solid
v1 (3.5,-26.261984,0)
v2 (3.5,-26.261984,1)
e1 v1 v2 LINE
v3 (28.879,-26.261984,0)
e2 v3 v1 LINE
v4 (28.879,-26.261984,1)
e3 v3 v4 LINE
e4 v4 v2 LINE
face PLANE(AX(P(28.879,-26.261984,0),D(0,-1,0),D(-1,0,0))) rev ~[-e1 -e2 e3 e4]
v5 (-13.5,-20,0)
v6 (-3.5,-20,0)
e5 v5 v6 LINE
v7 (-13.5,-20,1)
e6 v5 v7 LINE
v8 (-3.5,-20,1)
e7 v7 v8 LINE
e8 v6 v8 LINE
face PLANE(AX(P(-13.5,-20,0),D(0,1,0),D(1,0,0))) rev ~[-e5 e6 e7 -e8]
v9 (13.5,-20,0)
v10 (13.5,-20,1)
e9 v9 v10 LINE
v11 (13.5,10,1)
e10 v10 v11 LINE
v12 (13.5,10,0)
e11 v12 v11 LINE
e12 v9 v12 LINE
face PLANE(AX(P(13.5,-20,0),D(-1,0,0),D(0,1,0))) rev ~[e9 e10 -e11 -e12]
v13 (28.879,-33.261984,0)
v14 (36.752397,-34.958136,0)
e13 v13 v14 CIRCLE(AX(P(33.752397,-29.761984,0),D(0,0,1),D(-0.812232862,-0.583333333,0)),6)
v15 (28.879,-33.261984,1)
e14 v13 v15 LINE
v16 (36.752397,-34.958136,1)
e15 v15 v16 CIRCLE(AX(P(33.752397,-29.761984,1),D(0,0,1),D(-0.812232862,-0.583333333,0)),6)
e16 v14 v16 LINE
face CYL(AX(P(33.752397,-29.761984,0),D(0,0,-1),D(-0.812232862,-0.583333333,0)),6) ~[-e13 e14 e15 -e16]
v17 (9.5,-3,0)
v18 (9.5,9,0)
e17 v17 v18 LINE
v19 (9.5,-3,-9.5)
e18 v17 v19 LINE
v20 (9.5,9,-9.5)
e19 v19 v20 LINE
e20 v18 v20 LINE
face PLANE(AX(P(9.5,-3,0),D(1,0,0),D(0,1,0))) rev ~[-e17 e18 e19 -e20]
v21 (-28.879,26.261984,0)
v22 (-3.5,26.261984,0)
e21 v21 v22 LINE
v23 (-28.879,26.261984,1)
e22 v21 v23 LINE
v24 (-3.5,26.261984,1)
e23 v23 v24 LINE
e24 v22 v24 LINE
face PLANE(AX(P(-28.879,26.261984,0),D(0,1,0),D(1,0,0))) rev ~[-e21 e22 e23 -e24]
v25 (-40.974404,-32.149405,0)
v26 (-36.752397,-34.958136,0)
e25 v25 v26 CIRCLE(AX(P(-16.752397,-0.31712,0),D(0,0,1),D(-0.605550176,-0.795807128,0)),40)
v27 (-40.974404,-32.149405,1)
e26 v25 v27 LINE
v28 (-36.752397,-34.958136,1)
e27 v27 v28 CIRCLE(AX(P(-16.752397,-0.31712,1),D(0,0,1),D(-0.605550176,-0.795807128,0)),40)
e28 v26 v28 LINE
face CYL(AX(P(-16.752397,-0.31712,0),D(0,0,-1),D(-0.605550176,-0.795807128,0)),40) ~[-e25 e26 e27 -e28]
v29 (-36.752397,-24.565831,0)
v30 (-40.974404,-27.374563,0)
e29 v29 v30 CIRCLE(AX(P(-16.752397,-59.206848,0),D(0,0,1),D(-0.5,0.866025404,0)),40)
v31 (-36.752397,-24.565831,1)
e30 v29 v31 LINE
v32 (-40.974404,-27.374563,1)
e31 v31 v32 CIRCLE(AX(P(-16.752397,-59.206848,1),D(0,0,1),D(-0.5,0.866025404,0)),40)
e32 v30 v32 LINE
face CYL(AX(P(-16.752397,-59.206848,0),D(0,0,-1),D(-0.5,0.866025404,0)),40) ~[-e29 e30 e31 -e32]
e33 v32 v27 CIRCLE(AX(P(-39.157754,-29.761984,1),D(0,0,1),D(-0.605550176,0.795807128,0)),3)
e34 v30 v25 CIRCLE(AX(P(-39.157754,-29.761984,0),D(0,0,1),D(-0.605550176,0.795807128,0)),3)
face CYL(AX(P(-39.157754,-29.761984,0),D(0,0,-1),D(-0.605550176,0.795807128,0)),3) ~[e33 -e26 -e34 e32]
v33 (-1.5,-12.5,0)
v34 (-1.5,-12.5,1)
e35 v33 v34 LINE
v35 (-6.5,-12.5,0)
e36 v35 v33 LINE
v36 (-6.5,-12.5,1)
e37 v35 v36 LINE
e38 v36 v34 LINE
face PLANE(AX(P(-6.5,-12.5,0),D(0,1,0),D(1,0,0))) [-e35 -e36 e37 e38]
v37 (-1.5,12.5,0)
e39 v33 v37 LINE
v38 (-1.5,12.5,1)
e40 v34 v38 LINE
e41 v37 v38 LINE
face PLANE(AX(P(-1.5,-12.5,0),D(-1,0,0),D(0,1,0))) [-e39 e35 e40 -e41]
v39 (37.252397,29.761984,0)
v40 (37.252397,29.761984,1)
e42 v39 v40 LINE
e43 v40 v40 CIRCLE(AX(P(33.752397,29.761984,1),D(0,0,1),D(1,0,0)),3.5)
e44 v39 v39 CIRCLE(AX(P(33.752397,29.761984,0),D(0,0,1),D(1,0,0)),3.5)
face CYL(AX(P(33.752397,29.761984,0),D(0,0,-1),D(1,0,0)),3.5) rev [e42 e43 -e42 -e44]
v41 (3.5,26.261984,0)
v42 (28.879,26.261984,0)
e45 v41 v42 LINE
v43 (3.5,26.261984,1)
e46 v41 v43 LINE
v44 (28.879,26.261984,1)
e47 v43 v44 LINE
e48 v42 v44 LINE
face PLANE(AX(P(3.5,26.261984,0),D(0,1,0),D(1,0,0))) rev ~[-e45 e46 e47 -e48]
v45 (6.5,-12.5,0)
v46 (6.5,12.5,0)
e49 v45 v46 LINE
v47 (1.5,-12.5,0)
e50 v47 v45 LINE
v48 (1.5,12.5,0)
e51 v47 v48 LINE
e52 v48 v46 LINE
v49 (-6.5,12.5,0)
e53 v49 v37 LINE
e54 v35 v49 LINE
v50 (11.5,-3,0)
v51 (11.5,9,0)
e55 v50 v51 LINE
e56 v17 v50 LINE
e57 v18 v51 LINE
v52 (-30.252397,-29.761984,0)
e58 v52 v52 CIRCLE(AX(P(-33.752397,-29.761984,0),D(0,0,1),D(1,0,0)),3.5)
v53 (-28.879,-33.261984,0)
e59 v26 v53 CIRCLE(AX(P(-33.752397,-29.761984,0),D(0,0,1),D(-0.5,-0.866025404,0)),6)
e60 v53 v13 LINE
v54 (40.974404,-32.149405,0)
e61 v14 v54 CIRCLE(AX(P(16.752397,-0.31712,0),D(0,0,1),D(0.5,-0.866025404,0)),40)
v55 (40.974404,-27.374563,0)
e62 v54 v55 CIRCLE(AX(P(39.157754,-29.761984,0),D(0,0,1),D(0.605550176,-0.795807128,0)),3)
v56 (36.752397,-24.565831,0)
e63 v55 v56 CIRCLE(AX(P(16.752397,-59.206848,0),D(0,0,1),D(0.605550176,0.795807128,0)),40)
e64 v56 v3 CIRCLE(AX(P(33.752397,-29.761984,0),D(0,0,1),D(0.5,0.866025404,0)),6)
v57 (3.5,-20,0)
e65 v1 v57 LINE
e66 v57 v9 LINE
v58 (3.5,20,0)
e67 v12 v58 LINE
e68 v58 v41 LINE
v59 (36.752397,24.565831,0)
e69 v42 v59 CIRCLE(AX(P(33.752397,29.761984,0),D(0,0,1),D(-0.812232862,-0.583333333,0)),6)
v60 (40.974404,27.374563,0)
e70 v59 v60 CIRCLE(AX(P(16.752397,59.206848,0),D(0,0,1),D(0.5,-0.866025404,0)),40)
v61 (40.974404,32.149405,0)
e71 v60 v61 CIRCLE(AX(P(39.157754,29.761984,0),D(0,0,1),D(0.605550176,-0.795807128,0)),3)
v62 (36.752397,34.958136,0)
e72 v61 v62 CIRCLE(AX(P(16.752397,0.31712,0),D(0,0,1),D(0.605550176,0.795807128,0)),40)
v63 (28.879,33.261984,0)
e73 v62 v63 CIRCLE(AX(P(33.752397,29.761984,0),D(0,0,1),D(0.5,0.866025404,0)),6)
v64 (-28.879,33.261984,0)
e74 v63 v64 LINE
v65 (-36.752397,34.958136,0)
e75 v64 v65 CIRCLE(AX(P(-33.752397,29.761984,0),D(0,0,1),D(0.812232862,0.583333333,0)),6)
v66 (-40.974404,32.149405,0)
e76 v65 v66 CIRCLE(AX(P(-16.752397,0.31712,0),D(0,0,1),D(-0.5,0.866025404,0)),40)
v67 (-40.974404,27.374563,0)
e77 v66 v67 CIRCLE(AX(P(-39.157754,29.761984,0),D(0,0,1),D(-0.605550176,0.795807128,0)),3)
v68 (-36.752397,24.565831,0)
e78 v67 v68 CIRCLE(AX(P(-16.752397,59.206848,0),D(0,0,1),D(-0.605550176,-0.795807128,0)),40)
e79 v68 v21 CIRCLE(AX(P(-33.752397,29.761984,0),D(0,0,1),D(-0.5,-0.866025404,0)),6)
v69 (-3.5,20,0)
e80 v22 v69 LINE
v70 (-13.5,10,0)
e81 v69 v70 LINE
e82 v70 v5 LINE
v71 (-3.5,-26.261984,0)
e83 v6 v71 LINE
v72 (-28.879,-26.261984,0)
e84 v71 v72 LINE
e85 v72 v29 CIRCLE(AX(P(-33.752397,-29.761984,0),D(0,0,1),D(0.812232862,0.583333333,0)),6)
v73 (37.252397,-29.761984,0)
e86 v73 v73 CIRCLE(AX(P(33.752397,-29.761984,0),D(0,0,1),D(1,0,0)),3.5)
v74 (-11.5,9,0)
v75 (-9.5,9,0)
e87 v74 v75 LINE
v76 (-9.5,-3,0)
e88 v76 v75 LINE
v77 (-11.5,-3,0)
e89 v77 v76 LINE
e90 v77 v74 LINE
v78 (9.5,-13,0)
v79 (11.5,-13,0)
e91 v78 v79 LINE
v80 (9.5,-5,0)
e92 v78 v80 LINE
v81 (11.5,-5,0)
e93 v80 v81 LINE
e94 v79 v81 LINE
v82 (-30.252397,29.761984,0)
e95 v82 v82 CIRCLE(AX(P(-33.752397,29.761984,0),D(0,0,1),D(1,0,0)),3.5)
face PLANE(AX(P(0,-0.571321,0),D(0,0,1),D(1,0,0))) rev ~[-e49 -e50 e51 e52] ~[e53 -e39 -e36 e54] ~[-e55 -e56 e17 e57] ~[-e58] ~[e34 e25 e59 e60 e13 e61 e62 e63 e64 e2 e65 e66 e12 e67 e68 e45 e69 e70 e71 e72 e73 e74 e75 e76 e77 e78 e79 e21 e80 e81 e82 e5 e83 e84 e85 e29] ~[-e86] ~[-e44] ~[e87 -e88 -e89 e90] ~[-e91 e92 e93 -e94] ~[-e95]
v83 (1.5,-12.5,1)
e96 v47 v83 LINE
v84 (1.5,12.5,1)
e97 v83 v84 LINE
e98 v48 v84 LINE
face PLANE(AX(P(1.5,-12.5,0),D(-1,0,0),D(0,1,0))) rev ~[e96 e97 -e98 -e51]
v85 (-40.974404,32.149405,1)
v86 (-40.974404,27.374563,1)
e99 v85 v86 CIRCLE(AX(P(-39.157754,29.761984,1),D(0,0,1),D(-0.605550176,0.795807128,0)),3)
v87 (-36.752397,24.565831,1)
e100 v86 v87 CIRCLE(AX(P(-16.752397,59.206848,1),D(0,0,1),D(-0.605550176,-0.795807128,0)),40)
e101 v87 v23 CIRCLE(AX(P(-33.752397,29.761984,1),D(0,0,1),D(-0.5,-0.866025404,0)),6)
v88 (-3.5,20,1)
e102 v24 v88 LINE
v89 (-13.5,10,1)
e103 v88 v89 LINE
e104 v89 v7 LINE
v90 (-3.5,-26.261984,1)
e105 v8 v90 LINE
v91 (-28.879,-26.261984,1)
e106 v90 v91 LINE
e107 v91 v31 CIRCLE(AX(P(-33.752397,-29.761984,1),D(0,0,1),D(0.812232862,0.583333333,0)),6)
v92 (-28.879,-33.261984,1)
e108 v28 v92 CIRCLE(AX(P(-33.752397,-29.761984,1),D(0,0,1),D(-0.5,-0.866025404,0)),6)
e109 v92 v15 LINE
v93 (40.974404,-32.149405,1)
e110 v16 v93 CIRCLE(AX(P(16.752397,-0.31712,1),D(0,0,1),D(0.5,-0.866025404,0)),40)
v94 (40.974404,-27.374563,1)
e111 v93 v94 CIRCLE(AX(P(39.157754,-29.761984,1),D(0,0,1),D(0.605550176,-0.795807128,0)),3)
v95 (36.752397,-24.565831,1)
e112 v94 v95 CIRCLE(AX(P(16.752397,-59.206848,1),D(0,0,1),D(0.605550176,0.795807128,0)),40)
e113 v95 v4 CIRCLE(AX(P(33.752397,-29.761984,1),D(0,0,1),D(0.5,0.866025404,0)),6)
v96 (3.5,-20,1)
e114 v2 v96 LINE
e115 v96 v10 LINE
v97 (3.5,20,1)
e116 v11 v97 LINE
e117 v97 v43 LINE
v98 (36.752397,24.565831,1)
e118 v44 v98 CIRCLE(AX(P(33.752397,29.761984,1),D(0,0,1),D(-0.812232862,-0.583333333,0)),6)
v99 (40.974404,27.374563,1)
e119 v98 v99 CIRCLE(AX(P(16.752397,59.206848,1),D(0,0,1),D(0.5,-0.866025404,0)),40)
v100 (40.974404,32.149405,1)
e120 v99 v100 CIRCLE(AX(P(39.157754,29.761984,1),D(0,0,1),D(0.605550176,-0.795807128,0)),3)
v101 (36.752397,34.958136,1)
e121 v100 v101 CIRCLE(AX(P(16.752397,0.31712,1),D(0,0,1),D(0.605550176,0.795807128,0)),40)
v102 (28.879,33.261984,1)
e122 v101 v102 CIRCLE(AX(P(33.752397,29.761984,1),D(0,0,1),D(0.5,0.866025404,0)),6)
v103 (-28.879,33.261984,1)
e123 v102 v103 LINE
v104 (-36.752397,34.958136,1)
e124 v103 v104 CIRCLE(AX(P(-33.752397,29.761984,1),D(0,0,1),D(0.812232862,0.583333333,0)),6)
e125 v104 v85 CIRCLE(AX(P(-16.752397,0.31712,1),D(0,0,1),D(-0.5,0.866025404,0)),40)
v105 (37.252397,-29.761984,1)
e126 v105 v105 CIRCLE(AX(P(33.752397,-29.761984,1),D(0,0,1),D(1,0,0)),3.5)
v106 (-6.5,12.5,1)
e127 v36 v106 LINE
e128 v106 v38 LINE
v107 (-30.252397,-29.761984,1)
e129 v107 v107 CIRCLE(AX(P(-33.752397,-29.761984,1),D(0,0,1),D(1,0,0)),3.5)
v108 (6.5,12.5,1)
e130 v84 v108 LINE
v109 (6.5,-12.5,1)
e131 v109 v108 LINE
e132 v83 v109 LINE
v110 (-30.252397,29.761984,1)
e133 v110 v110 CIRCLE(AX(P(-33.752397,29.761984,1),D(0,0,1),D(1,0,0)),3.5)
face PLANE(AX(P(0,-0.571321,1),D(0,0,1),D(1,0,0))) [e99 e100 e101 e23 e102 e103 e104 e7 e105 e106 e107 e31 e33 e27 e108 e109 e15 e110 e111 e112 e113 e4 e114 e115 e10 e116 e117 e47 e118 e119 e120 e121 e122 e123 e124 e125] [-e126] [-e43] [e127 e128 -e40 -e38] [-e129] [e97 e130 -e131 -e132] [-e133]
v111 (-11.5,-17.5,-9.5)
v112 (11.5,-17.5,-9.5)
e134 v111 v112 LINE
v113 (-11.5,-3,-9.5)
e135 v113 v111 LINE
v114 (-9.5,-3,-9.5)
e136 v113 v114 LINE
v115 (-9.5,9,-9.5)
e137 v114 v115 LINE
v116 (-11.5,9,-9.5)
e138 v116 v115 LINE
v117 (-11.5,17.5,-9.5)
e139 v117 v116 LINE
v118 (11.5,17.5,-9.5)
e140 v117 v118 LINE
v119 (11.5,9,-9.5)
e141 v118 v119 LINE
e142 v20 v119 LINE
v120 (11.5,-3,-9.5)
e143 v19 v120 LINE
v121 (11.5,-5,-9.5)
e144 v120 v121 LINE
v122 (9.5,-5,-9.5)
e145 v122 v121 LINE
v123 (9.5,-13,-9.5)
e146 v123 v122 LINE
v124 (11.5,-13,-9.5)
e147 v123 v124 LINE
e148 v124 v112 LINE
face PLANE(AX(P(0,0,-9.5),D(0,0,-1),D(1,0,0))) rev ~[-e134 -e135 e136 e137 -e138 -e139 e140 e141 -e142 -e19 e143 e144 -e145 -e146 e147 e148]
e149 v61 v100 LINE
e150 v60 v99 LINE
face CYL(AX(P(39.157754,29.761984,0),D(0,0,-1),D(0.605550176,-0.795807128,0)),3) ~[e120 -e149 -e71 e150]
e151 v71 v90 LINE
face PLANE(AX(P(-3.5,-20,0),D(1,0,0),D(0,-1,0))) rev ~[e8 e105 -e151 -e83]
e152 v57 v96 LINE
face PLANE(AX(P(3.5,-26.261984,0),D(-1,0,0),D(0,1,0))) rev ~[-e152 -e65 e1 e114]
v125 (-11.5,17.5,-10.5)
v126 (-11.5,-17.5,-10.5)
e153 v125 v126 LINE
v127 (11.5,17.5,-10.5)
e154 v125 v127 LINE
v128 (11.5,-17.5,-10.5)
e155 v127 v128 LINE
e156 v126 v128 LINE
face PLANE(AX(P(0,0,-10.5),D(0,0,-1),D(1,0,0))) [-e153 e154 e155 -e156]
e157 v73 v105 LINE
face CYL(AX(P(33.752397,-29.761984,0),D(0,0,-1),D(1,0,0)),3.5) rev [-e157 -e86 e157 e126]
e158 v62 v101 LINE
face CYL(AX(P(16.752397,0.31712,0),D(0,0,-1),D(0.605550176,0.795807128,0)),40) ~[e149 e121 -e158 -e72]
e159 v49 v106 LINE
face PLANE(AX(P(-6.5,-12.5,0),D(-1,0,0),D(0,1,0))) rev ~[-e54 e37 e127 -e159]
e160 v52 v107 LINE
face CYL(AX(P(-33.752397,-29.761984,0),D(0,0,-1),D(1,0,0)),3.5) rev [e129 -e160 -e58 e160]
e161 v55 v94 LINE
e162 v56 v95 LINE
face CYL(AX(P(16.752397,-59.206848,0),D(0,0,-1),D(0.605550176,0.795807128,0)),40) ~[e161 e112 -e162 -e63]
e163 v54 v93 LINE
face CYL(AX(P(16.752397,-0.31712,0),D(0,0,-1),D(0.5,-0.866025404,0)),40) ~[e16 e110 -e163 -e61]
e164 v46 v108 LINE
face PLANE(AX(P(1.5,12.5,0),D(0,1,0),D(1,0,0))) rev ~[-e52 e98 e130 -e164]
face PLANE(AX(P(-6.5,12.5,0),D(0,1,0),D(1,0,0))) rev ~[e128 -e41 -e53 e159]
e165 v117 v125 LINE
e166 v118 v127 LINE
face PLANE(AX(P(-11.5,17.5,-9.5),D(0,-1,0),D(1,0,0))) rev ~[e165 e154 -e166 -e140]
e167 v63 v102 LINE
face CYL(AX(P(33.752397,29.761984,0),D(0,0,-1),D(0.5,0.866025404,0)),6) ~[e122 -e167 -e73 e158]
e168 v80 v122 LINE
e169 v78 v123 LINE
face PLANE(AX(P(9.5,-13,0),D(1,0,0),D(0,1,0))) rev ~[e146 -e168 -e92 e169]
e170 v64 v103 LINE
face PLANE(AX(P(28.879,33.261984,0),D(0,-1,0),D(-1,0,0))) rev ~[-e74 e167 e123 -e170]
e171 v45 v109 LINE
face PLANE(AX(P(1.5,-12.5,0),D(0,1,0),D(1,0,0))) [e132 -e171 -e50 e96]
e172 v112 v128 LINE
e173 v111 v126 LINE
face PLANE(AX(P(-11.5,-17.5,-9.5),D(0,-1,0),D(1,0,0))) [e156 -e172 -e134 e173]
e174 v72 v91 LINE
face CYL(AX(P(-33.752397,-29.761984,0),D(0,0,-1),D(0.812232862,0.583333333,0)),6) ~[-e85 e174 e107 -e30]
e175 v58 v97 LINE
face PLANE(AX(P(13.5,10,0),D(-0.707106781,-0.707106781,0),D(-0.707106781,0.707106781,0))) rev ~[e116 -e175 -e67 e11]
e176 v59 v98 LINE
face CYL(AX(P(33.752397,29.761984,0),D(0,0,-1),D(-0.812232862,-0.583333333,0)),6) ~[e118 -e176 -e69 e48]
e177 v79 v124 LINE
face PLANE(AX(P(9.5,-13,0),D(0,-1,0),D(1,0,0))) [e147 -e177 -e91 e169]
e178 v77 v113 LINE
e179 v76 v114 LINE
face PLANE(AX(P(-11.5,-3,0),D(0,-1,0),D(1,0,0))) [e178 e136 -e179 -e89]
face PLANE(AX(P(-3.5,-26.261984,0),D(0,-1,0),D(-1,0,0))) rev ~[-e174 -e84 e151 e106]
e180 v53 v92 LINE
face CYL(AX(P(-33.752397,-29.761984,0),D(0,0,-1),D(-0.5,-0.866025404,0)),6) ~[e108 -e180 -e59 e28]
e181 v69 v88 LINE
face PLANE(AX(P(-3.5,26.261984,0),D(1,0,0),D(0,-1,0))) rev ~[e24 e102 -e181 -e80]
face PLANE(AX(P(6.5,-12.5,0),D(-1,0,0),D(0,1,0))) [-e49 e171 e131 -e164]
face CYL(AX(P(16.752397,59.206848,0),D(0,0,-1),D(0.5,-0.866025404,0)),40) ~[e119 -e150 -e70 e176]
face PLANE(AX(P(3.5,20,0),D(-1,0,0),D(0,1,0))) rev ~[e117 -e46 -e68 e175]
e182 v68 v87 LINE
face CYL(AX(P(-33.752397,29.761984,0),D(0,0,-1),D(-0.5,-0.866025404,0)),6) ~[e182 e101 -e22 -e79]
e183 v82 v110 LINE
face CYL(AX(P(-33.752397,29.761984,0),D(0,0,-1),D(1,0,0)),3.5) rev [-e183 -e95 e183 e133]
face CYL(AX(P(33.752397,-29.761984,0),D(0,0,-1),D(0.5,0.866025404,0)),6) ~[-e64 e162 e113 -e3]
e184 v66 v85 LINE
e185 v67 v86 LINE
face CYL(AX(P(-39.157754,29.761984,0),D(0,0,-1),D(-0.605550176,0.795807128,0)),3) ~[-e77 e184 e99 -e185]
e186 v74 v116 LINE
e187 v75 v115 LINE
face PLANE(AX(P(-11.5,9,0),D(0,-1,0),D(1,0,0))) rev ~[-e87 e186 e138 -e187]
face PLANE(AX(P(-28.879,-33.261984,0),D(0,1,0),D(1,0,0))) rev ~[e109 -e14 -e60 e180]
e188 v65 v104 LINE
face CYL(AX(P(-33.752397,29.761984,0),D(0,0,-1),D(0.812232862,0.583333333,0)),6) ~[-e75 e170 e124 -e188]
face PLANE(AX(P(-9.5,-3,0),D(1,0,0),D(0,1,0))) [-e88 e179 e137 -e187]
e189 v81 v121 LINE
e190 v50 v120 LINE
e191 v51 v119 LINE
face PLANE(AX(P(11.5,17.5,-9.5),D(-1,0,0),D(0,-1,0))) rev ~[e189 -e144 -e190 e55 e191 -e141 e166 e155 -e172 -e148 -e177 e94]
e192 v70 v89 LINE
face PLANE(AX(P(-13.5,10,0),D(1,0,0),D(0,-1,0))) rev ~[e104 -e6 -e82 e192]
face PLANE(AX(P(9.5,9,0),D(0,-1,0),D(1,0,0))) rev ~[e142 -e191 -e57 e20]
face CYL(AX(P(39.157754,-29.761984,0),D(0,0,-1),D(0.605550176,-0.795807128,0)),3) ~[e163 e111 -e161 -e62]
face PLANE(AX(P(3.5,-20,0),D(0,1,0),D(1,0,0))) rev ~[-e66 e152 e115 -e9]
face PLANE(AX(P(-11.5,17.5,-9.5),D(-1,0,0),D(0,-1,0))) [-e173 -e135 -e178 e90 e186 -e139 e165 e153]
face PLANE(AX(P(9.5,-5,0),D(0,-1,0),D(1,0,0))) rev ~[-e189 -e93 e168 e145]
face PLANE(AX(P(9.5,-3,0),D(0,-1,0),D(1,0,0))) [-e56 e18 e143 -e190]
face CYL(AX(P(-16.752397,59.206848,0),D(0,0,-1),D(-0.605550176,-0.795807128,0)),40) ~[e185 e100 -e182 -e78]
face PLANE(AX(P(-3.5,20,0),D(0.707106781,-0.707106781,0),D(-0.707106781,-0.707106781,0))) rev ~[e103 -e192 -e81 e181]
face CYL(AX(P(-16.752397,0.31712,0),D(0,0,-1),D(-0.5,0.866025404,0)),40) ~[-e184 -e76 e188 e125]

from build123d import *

# Parameters (mm, degrees)
F0_R     = 3.5
F0_W     = 5
F0_H     = 25
F1_DEPTH = 1
F2_W     = 2
F2_H     = 8
F2_W_2   = 1.9999998777
F2_H_2   = 12
F3_DEPTH = 9.5
F4_W     = 23
F4_H     = 35
F5_DEPTH = 1


with BuildPart() as f1:
    # F0 (on Top) → F1 (new body)
    with BuildSketch(Plane.XY):
        with BuildLine():
            Line((-3.5, 20), (-13.5, 10))
            Line((-13.5, 10), (-13.5, -20))
            Line((-13.5, -20), (-3.5, -20))
            Line((-3.5, -20), (-3.5, -26.2619838908))
            Line((-3.5, -26.2619838908), (-28.879, -26.2619838908))
            ThreePointArc((-28.879, -26.2619838908), (-32.4888159516, -23.8965459278), (-36.7523971724, -24.5658314681))
            ThreePointArc((-36.7523971724, -24.5658314681), (-38.907954465, -25.9032249779), (-40.974404202, -27.3745625074))
            ThreePointArc((-40.974404202, -27.3745625074), (-42.1577536748, -29.7619838908), (-40.974404202, -32.1494052742))
            ThreePointArc((-40.974404202, -32.1494052742), (-38.907954465, -33.6207428037), (-36.7523971724, -34.9581363135))
            ThreePointArc((-36.7523971724, -34.9581363135), (-32.4888159516, -35.6274218538), (-28.879, -33.2619838908))
            Line((-28.879, -33.2619838908), (28.879, -33.2619838908))
            ThreePointArc((28.879, -33.2619838908), (32.4888159516, -35.6274218538), (36.7523971724, -34.9581363135))
            ThreePointArc((36.7523971724, -34.9581363135), (38.907954465, -33.6207428037), (40.974404202, -32.1494052742))
            ThreePointArc((40.974404202, -32.1494052742), (42.1577536748, -29.7619838908), (40.974404202, -27.3745625074))
            ThreePointArc((40.974404202, -27.3745625074), (38.907954465, -25.9032249779), (36.7523971724, -24.5658314681))
            ThreePointArc((36.7523971724, -24.5658314681), (32.4888159516, -23.8965459278), (28.879, -26.2619838908))
            Line((28.879, -26.2619838908), (3.5, -26.2619838908))
            Line((3.5, -26.2619838908), (3.5, -20))
            Line((3.5, -20), (13.5, -20))
            Line((13.5, -20), (13.5, 10))
            Line((13.5, 10), (3.5, 20))
            Line((3.5, 20), (3.5, 26.2619838908))
            Line((3.5, 26.2619838908), (28.879, 26.2619838908))
            ThreePointArc((28.879, 26.2619838908), (32.4888159516, 23.8965459278), (36.7523971724, 24.5658314681))
            ThreePointArc((36.7523971724, 24.5658314681), (38.907954465, 25.9032249779), (40.974404202, 27.3745625074))
            ThreePointArc((40.974404202, 27.3745625074), (42.1577536748, 29.7619838908), (40.974404202, 32.1494052742))
            ThreePointArc((40.974404202, 32.1494052742), (38.907954465, 33.6207428037), (36.7523971724, 34.9581363135))
            ThreePointArc((36.7523971724, 34.9581363135), (32.4888159516, 35.6274218538), (28.879, 33.2619838908))
            Line((28.879, 33.2619838908), (-28.879, 33.2619838908))
            ThreePointArc((-28.879, 33.2619838908), (-32.4888159516, 35.6274218538), (-36.7523971724, 34.9581363135))
            ThreePointArc((-36.7523971724, 34.9581363135), (-38.907954465, 33.6207428037), (-40.974404202, 32.1494052742))
            ThreePointArc((-40.974404202, 32.1494052742), (-42.1577536748, 29.7619838908), (-40.974404202, 27.3745625074))
            ThreePointArc((-40.974404202, 27.3745625074), (-38.907954465, 25.9032249779), (-36.7523971724, 24.5658314681))
            ThreePointArc((-36.7523971724, 24.5658314681), (-32.4888159516, 23.8965459278), (-28.879, 26.2619838908))
            Line((-28.879, 26.2619838908), (-3.5, 26.2619838908))
            Line((-3.5, 26.2619838908), (-3.5, 20))
        make_face()
        with Locations((-33.7523971724, -29.7619838908)):
            Circle(F0_R, mode=Mode.SUBTRACT)
        with Locations((33.7523971724, -29.7619838908)):
            Circle(F0_R, mode=Mode.SUBTRACT)
        with Locations((-4, 0)):
            Rectangle(F0_W, F0_H, mode=Mode.SUBTRACT)
        with Locations((-33.7523971724, 29.7619838908)):
            Circle(F0_R, mode=Mode.SUBTRACT)
        with Locations((4, 0)):
            Rectangle(F0_W, F0_H, mode=Mode.SUBTRACT)
        with Locations((33.7523971724, 29.7619838908)):
            Circle(F0_R, mode=Mode.SUBTRACT)
    extrude(amount=F1_DEPTH)

    # F2 (on Top) → F3 (join)
    with BuildSketch(Plane.XY):
        with Locations((10.5, -9)):
            Rectangle(F2_W, F2_H)
        with Locations((10.5000000611, 3)):
            Rectangle(F2_W_2, F2_H_2)
        with Locations((-10.5000000611, 3)):
            Rectangle(F2_W_2, F2_H_2)
    extrude(amount=-F3_DEPTH)

    # F4 (on face) → F5 (join)
    with BuildSketch(Plane(origin=(0, 0, -9.5), x_dir=(1, 0, 0), z_dir=(0, 0, -1))):
        Rectangle(F4_W, F4_H)
    extrude(amount=F5_DEPTH)


solid = f1.part
